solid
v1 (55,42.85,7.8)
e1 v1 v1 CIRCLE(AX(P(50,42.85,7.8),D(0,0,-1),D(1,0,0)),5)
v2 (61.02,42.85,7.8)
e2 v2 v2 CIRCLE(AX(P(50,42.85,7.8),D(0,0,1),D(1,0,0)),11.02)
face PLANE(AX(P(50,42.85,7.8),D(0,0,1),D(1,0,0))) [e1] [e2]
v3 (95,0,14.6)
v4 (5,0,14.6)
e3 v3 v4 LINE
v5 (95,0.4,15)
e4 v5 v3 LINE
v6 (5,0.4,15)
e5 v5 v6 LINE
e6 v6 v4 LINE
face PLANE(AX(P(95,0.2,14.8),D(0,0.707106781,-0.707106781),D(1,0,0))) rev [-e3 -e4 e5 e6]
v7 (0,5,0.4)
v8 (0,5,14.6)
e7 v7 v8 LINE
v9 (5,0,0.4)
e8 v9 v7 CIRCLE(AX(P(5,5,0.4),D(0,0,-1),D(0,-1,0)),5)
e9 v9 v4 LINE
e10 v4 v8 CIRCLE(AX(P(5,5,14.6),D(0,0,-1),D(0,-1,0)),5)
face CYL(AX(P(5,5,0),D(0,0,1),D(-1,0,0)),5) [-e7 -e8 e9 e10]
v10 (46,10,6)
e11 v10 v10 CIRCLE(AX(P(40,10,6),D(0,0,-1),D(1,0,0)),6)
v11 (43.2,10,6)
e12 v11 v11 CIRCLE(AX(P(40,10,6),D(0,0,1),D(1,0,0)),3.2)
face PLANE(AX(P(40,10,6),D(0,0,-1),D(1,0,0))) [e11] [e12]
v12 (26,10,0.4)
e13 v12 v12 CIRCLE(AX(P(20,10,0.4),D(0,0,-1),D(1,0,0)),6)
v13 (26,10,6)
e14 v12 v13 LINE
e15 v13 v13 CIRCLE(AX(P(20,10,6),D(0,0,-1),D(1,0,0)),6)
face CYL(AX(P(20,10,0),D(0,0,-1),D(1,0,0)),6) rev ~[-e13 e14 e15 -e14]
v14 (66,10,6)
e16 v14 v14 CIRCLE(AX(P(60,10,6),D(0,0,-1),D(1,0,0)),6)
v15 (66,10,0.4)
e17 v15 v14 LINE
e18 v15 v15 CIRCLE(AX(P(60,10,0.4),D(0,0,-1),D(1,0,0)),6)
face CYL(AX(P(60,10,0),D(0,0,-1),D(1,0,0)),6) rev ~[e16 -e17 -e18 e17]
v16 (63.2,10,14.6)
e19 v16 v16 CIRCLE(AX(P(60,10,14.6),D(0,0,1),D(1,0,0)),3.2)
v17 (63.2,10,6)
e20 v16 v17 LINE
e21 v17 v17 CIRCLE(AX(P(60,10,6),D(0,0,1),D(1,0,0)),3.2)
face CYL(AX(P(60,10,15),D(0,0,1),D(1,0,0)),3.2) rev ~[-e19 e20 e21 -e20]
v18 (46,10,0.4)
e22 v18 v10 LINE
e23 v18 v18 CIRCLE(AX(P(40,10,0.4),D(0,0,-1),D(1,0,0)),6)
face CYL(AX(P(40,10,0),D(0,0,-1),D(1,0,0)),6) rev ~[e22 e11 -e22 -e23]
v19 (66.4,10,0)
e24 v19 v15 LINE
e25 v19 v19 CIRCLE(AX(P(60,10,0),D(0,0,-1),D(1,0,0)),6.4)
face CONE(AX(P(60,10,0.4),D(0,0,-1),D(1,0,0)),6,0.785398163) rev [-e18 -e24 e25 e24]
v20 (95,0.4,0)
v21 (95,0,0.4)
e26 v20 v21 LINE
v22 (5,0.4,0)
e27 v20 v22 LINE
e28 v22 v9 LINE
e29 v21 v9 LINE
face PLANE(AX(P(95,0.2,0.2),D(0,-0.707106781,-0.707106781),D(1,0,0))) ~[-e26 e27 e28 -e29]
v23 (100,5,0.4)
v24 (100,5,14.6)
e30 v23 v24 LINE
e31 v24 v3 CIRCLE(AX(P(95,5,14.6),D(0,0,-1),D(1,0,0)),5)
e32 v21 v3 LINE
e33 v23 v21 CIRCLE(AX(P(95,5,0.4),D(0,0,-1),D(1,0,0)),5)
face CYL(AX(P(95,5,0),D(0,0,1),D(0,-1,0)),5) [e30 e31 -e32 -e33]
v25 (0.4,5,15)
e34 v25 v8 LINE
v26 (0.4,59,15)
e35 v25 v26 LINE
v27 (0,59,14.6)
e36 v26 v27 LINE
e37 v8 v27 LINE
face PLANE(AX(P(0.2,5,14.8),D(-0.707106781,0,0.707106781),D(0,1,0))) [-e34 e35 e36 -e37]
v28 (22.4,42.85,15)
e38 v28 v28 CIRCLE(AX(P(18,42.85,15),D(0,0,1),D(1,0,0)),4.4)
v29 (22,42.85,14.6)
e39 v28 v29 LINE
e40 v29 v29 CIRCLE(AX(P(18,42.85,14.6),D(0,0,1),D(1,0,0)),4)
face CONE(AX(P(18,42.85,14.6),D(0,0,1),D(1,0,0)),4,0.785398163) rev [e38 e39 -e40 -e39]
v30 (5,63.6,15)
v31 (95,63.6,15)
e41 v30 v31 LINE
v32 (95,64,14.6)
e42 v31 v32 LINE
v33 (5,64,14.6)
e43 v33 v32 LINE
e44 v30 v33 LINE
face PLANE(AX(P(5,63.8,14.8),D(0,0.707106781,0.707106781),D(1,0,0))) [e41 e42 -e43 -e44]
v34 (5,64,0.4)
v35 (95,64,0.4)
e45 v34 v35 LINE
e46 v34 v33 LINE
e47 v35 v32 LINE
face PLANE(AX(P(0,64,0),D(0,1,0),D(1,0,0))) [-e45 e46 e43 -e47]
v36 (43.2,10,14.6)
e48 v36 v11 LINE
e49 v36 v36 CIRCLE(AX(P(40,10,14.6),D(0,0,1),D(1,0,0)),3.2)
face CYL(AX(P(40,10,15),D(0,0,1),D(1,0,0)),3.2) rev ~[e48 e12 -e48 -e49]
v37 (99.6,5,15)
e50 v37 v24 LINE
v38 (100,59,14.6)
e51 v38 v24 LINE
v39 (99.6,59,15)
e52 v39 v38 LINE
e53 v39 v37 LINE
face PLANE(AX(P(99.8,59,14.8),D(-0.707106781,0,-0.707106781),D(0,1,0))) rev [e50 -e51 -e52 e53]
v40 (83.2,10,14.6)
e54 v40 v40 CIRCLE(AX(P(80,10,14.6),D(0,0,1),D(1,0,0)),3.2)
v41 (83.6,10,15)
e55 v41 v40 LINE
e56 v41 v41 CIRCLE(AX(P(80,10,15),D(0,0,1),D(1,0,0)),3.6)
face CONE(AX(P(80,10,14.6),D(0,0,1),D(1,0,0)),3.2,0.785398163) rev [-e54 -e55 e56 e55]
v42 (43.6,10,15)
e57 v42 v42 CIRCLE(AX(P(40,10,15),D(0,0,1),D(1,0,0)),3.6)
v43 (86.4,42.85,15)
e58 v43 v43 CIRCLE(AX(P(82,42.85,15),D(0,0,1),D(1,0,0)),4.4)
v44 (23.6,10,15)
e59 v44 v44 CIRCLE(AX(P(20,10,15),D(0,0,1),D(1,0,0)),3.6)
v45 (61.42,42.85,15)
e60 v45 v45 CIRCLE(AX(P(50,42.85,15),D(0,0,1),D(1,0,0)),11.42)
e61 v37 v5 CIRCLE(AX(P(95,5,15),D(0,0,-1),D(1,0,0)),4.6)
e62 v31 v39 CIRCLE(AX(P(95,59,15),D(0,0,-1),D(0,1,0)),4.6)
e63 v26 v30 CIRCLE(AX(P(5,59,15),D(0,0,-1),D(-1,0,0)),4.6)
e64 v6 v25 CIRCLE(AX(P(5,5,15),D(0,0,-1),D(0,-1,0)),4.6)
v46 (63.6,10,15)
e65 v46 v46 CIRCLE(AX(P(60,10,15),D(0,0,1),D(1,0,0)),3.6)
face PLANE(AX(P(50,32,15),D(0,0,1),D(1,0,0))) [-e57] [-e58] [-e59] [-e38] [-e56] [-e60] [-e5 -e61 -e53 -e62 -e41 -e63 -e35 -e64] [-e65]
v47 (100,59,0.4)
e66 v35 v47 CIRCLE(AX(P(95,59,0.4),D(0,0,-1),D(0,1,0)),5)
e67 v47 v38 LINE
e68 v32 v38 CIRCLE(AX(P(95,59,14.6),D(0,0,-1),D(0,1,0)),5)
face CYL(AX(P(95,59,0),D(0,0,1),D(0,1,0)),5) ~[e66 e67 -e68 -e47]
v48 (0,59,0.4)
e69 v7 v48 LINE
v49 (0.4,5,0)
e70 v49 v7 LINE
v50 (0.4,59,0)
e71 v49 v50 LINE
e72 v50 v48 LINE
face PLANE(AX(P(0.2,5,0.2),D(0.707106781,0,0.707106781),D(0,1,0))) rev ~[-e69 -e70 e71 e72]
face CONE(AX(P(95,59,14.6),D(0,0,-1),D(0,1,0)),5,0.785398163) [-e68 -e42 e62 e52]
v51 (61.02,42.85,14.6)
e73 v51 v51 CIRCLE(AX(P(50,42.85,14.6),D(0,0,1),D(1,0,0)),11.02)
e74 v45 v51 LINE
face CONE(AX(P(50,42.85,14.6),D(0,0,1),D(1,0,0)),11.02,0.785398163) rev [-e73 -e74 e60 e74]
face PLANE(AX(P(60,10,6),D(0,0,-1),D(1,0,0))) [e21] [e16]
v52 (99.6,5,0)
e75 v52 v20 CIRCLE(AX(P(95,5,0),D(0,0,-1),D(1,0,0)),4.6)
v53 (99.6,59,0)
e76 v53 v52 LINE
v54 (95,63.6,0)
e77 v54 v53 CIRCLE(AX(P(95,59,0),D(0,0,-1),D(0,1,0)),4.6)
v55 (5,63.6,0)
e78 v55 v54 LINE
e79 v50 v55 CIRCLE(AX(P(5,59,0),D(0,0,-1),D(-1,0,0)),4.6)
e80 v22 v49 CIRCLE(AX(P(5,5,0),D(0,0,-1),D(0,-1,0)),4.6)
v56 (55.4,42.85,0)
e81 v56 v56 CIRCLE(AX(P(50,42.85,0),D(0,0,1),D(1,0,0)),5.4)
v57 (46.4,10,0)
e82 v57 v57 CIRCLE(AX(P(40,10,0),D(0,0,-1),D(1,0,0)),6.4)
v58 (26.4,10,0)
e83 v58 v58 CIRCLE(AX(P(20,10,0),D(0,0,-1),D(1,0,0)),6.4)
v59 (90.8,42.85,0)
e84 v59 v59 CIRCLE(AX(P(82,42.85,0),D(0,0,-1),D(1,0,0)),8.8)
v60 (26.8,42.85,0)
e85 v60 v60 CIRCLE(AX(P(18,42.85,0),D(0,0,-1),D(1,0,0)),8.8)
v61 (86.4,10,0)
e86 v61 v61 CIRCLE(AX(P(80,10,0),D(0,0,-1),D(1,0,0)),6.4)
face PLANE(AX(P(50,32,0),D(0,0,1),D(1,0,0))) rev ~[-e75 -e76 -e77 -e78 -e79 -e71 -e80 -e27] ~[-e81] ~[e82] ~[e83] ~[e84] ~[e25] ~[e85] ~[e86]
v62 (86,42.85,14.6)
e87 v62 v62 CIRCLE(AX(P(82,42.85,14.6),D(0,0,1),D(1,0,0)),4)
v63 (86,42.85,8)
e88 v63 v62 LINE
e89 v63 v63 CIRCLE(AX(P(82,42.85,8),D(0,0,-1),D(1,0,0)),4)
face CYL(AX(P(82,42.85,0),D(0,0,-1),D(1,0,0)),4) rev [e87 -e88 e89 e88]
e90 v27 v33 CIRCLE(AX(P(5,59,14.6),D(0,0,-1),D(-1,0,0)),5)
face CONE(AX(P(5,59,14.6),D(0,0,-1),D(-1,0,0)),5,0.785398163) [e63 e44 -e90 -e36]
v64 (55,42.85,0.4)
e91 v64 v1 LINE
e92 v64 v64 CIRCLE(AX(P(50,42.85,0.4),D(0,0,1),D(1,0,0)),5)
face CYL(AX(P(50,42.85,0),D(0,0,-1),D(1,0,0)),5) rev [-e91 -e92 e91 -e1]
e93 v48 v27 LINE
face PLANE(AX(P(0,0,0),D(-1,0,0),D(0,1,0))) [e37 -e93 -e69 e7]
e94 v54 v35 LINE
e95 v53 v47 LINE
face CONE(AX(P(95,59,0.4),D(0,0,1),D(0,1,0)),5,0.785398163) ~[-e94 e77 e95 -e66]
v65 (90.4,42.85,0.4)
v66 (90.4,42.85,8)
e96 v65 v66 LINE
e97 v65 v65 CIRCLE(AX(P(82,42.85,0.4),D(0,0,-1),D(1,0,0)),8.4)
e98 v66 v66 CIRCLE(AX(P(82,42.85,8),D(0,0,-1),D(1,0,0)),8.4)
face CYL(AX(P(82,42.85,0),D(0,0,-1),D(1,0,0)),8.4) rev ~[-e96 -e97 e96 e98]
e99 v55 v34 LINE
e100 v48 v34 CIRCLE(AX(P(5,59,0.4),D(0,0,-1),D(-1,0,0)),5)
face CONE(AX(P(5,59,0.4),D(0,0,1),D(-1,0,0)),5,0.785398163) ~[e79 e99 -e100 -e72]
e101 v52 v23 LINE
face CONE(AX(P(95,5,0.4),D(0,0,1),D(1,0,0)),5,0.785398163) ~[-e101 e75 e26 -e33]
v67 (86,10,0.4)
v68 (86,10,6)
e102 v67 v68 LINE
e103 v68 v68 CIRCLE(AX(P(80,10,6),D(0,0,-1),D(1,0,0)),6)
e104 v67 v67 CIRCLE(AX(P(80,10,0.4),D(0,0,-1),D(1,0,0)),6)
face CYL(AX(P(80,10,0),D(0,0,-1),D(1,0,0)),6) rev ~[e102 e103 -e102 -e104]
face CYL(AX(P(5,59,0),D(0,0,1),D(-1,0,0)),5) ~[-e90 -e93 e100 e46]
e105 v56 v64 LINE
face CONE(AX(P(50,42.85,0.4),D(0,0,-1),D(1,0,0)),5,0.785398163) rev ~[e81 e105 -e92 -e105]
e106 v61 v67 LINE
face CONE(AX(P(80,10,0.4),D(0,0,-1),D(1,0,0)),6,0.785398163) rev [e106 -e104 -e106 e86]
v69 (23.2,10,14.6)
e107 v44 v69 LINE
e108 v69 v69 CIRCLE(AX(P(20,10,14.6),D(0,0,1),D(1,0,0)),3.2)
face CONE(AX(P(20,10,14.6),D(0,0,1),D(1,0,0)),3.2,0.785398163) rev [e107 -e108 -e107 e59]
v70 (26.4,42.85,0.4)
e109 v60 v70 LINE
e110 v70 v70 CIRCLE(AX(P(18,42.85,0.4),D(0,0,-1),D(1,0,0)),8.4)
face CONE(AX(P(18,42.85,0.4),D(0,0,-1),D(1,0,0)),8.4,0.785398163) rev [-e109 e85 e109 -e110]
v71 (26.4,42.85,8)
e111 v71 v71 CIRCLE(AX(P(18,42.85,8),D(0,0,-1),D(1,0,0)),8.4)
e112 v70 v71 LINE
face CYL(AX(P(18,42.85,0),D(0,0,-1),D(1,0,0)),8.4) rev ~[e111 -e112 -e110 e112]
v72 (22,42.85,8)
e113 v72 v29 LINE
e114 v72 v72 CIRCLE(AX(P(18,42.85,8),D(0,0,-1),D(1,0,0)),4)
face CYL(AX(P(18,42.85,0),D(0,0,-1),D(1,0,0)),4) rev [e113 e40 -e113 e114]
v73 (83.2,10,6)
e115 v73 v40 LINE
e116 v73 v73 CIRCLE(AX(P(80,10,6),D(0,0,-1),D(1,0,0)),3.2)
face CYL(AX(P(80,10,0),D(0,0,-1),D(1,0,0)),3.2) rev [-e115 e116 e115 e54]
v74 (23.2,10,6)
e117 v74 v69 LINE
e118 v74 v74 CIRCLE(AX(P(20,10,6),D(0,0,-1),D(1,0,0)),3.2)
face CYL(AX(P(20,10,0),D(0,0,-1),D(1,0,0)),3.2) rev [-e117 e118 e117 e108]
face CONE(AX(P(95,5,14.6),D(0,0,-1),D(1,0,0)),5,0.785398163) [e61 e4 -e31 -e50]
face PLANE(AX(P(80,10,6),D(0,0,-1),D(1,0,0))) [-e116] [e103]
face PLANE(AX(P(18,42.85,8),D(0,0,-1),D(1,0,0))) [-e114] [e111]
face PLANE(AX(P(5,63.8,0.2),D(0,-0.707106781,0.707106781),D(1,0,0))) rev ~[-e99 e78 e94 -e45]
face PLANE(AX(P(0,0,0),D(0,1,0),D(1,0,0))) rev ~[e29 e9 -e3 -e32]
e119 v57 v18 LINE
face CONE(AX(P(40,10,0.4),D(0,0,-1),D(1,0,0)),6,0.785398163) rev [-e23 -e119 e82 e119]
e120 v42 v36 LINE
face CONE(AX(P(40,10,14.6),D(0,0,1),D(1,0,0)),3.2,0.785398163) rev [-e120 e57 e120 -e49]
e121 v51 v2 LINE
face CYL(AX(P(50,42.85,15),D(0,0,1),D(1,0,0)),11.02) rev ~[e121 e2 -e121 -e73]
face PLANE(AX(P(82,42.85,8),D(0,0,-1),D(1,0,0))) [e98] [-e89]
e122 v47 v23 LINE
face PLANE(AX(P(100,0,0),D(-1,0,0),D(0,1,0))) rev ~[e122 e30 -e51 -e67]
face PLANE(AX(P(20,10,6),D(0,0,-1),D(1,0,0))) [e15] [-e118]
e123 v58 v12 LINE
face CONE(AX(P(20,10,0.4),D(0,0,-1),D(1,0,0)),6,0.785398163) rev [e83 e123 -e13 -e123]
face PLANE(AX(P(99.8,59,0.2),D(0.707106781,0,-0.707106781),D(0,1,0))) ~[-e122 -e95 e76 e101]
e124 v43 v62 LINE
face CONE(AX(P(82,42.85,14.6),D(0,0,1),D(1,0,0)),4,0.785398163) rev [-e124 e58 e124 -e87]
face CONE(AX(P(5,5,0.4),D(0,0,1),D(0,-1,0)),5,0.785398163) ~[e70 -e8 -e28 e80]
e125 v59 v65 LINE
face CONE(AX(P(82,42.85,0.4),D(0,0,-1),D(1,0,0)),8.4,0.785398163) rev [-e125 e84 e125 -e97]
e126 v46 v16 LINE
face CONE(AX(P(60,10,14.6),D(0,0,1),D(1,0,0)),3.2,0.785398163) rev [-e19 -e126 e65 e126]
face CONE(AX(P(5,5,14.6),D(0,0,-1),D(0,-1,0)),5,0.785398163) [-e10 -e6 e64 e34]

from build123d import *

# Parameters (mm, degrees)
SKETCH_W        = 100
SKETCH_H        = 64
SKETCH_R        = 5
SKETCH_R_2      = 3.2
SKETCH_R_3      = 4
PAD_DEPTH       = 15
SKETCH001_R     = 11.02
POCKET_DEPTH    = 7.2
SKETCH002_R     = 6
POCKET001_DEPTH = 6
SKETCH003_R     = 3.2
POCKET002_DEPTH = 15
SKETCH004_R     = 8.4
POCKET003_DEPTH = 8
FILLET_R        = 5
CHAMFER_SIZE    = 0.4
CHAMFER001_SIZE = 0.4


with BuildPart() as part:
    # Sketch → Pad (new body)
    with BuildSketch(Plane.XY):
        with Locations((50, 32)):
            Rectangle(SKETCH_W, SKETCH_H)
        with Locations((50, 42.85)):
            Circle(SKETCH_R, mode=Mode.SUBTRACT)
        with Locations((20, 10)):
            Circle(SKETCH_R_2, mode=Mode.SUBTRACT)
        with Locations((80, 10)):
            Circle(SKETCH_R_2, mode=Mode.SUBTRACT)
        with Locations((82, 42.85)):
            Circle(SKETCH_R_3, mode=Mode.SUBTRACT)
        with Locations((18, 42.85)):
            Circle(SKETCH_R_3, mode=Mode.SUBTRACT)
    extrude(amount=PAD_DEPTH)

    # Sketch001 (on Face11 of Pad) → Pocket (cut)
    with BuildSketch(Plane.XY.offset(15)):
        with Locations((50, 42.85)):
            Circle(SKETCH001_R)
    extrude(amount=-POCKET_DEPTH, mode=Mode.SUBTRACT)

    # Sketch002 (on Face4 of Pocket) → Pocket001 (cut)
    with BuildSketch(Plane(origin=(0, 0, 0), x_dir=(1, 0, 0), z_dir=(0, 0, -1))):
        with Locations((20, -10)):
            Circle(SKETCH002_R)
        with Locations((80, -10)):
            Circle(SKETCH002_R)
        with Locations((40, -10)):
            Circle(SKETCH002_R)
        with Locations((60, -10)):
            Circle(SKETCH002_R)
    extrude(amount=-POCKET001_DEPTH, mode=Mode.SUBTRACT)

    # Sketch003 (on Face5 of Pocket001) → Pocket002 (cut)
    with BuildSketch(Plane.XY.offset(15)):
        with Locations((40, 10)):
            Circle(SKETCH003_R)
        with Locations((60, 10)):
            Circle(SKETCH003_R)
    extrude(amount=-POCKET002_DEPTH, mode=Mode.SUBTRACT)

    # Sketch004 (on Face4 of Pocket002) → Pocket003 (cut)
    with BuildSketch(Plane(origin=(0, 0, 0), x_dir=(1, 0, 0), z_dir=(0, 0, -1))):
        with Locations((18, -42.85)):
            Circle(SKETCH004_R)
        with Locations((82, -42.85)):
            Circle(SKETCH004_R)
    extrude(amount=-POCKET003_DEPTH, mode=Mode.SUBTRACT)

    # Fillet
    fillet_edges = [part.edges().sort_by_distance(p)[0] for p in [
        (100, 0, 7.5),
        (0, 0, 7.5),
        (100, 64, 7.5),
        (0, 64, 7.5),
    ]]
    fillet(fillet_edges, radius=FILLET_R)

    # Chamfer
    chamfer_edges = [part.edges().sort_by_distance(p)[0] for p in [
        (50, 64, 15),
        (1.464466, 62.535534, 15),
        (98.535534, 62.535534, 15),
        (0, 32, 15),
        (100, 32, 15),
        (1.464466, 1.464466, 15),
        (98.535534, 1.464466, 15),
        (50, 0, 15),
        (76.8, 10, 15),
        (56.8, 10, 15),
        (36.8, 10, 15),
        (16.8, 10, 15),
        (78, 42.85, 15),
        (38.98, 42.85, 15),
        (14, 42.85, 15),
    ]]
    chamfer(chamfer_edges, length=CHAMFER_SIZE)

    # Chamfer001
    chamfer001_edges = [part.edges().sort_by_distance(p)[0] for p in [
        (50, 64, 0),
        (1.464466, 62.535534, 0),
        (98.535534, 62.535534, 0),
        (0, 32, 0),
        (100, 32, 0),
        (1.464466, 1.464466, 0),
        (98.535534, 1.464466, 0),
        (50, 0, 0),
        (74, 10, 0),
        (54, 10, 0),
        (34, 10, 0),
        (14, 10, 0),
        (73.6, 42.85, 0),
        (45, 42.85, 0),
        (9.6, 42.85, 0),
    ]]
    chamfer(chamfer001_edges, length=CHAMFER001_SIZE)


solid = part.part
